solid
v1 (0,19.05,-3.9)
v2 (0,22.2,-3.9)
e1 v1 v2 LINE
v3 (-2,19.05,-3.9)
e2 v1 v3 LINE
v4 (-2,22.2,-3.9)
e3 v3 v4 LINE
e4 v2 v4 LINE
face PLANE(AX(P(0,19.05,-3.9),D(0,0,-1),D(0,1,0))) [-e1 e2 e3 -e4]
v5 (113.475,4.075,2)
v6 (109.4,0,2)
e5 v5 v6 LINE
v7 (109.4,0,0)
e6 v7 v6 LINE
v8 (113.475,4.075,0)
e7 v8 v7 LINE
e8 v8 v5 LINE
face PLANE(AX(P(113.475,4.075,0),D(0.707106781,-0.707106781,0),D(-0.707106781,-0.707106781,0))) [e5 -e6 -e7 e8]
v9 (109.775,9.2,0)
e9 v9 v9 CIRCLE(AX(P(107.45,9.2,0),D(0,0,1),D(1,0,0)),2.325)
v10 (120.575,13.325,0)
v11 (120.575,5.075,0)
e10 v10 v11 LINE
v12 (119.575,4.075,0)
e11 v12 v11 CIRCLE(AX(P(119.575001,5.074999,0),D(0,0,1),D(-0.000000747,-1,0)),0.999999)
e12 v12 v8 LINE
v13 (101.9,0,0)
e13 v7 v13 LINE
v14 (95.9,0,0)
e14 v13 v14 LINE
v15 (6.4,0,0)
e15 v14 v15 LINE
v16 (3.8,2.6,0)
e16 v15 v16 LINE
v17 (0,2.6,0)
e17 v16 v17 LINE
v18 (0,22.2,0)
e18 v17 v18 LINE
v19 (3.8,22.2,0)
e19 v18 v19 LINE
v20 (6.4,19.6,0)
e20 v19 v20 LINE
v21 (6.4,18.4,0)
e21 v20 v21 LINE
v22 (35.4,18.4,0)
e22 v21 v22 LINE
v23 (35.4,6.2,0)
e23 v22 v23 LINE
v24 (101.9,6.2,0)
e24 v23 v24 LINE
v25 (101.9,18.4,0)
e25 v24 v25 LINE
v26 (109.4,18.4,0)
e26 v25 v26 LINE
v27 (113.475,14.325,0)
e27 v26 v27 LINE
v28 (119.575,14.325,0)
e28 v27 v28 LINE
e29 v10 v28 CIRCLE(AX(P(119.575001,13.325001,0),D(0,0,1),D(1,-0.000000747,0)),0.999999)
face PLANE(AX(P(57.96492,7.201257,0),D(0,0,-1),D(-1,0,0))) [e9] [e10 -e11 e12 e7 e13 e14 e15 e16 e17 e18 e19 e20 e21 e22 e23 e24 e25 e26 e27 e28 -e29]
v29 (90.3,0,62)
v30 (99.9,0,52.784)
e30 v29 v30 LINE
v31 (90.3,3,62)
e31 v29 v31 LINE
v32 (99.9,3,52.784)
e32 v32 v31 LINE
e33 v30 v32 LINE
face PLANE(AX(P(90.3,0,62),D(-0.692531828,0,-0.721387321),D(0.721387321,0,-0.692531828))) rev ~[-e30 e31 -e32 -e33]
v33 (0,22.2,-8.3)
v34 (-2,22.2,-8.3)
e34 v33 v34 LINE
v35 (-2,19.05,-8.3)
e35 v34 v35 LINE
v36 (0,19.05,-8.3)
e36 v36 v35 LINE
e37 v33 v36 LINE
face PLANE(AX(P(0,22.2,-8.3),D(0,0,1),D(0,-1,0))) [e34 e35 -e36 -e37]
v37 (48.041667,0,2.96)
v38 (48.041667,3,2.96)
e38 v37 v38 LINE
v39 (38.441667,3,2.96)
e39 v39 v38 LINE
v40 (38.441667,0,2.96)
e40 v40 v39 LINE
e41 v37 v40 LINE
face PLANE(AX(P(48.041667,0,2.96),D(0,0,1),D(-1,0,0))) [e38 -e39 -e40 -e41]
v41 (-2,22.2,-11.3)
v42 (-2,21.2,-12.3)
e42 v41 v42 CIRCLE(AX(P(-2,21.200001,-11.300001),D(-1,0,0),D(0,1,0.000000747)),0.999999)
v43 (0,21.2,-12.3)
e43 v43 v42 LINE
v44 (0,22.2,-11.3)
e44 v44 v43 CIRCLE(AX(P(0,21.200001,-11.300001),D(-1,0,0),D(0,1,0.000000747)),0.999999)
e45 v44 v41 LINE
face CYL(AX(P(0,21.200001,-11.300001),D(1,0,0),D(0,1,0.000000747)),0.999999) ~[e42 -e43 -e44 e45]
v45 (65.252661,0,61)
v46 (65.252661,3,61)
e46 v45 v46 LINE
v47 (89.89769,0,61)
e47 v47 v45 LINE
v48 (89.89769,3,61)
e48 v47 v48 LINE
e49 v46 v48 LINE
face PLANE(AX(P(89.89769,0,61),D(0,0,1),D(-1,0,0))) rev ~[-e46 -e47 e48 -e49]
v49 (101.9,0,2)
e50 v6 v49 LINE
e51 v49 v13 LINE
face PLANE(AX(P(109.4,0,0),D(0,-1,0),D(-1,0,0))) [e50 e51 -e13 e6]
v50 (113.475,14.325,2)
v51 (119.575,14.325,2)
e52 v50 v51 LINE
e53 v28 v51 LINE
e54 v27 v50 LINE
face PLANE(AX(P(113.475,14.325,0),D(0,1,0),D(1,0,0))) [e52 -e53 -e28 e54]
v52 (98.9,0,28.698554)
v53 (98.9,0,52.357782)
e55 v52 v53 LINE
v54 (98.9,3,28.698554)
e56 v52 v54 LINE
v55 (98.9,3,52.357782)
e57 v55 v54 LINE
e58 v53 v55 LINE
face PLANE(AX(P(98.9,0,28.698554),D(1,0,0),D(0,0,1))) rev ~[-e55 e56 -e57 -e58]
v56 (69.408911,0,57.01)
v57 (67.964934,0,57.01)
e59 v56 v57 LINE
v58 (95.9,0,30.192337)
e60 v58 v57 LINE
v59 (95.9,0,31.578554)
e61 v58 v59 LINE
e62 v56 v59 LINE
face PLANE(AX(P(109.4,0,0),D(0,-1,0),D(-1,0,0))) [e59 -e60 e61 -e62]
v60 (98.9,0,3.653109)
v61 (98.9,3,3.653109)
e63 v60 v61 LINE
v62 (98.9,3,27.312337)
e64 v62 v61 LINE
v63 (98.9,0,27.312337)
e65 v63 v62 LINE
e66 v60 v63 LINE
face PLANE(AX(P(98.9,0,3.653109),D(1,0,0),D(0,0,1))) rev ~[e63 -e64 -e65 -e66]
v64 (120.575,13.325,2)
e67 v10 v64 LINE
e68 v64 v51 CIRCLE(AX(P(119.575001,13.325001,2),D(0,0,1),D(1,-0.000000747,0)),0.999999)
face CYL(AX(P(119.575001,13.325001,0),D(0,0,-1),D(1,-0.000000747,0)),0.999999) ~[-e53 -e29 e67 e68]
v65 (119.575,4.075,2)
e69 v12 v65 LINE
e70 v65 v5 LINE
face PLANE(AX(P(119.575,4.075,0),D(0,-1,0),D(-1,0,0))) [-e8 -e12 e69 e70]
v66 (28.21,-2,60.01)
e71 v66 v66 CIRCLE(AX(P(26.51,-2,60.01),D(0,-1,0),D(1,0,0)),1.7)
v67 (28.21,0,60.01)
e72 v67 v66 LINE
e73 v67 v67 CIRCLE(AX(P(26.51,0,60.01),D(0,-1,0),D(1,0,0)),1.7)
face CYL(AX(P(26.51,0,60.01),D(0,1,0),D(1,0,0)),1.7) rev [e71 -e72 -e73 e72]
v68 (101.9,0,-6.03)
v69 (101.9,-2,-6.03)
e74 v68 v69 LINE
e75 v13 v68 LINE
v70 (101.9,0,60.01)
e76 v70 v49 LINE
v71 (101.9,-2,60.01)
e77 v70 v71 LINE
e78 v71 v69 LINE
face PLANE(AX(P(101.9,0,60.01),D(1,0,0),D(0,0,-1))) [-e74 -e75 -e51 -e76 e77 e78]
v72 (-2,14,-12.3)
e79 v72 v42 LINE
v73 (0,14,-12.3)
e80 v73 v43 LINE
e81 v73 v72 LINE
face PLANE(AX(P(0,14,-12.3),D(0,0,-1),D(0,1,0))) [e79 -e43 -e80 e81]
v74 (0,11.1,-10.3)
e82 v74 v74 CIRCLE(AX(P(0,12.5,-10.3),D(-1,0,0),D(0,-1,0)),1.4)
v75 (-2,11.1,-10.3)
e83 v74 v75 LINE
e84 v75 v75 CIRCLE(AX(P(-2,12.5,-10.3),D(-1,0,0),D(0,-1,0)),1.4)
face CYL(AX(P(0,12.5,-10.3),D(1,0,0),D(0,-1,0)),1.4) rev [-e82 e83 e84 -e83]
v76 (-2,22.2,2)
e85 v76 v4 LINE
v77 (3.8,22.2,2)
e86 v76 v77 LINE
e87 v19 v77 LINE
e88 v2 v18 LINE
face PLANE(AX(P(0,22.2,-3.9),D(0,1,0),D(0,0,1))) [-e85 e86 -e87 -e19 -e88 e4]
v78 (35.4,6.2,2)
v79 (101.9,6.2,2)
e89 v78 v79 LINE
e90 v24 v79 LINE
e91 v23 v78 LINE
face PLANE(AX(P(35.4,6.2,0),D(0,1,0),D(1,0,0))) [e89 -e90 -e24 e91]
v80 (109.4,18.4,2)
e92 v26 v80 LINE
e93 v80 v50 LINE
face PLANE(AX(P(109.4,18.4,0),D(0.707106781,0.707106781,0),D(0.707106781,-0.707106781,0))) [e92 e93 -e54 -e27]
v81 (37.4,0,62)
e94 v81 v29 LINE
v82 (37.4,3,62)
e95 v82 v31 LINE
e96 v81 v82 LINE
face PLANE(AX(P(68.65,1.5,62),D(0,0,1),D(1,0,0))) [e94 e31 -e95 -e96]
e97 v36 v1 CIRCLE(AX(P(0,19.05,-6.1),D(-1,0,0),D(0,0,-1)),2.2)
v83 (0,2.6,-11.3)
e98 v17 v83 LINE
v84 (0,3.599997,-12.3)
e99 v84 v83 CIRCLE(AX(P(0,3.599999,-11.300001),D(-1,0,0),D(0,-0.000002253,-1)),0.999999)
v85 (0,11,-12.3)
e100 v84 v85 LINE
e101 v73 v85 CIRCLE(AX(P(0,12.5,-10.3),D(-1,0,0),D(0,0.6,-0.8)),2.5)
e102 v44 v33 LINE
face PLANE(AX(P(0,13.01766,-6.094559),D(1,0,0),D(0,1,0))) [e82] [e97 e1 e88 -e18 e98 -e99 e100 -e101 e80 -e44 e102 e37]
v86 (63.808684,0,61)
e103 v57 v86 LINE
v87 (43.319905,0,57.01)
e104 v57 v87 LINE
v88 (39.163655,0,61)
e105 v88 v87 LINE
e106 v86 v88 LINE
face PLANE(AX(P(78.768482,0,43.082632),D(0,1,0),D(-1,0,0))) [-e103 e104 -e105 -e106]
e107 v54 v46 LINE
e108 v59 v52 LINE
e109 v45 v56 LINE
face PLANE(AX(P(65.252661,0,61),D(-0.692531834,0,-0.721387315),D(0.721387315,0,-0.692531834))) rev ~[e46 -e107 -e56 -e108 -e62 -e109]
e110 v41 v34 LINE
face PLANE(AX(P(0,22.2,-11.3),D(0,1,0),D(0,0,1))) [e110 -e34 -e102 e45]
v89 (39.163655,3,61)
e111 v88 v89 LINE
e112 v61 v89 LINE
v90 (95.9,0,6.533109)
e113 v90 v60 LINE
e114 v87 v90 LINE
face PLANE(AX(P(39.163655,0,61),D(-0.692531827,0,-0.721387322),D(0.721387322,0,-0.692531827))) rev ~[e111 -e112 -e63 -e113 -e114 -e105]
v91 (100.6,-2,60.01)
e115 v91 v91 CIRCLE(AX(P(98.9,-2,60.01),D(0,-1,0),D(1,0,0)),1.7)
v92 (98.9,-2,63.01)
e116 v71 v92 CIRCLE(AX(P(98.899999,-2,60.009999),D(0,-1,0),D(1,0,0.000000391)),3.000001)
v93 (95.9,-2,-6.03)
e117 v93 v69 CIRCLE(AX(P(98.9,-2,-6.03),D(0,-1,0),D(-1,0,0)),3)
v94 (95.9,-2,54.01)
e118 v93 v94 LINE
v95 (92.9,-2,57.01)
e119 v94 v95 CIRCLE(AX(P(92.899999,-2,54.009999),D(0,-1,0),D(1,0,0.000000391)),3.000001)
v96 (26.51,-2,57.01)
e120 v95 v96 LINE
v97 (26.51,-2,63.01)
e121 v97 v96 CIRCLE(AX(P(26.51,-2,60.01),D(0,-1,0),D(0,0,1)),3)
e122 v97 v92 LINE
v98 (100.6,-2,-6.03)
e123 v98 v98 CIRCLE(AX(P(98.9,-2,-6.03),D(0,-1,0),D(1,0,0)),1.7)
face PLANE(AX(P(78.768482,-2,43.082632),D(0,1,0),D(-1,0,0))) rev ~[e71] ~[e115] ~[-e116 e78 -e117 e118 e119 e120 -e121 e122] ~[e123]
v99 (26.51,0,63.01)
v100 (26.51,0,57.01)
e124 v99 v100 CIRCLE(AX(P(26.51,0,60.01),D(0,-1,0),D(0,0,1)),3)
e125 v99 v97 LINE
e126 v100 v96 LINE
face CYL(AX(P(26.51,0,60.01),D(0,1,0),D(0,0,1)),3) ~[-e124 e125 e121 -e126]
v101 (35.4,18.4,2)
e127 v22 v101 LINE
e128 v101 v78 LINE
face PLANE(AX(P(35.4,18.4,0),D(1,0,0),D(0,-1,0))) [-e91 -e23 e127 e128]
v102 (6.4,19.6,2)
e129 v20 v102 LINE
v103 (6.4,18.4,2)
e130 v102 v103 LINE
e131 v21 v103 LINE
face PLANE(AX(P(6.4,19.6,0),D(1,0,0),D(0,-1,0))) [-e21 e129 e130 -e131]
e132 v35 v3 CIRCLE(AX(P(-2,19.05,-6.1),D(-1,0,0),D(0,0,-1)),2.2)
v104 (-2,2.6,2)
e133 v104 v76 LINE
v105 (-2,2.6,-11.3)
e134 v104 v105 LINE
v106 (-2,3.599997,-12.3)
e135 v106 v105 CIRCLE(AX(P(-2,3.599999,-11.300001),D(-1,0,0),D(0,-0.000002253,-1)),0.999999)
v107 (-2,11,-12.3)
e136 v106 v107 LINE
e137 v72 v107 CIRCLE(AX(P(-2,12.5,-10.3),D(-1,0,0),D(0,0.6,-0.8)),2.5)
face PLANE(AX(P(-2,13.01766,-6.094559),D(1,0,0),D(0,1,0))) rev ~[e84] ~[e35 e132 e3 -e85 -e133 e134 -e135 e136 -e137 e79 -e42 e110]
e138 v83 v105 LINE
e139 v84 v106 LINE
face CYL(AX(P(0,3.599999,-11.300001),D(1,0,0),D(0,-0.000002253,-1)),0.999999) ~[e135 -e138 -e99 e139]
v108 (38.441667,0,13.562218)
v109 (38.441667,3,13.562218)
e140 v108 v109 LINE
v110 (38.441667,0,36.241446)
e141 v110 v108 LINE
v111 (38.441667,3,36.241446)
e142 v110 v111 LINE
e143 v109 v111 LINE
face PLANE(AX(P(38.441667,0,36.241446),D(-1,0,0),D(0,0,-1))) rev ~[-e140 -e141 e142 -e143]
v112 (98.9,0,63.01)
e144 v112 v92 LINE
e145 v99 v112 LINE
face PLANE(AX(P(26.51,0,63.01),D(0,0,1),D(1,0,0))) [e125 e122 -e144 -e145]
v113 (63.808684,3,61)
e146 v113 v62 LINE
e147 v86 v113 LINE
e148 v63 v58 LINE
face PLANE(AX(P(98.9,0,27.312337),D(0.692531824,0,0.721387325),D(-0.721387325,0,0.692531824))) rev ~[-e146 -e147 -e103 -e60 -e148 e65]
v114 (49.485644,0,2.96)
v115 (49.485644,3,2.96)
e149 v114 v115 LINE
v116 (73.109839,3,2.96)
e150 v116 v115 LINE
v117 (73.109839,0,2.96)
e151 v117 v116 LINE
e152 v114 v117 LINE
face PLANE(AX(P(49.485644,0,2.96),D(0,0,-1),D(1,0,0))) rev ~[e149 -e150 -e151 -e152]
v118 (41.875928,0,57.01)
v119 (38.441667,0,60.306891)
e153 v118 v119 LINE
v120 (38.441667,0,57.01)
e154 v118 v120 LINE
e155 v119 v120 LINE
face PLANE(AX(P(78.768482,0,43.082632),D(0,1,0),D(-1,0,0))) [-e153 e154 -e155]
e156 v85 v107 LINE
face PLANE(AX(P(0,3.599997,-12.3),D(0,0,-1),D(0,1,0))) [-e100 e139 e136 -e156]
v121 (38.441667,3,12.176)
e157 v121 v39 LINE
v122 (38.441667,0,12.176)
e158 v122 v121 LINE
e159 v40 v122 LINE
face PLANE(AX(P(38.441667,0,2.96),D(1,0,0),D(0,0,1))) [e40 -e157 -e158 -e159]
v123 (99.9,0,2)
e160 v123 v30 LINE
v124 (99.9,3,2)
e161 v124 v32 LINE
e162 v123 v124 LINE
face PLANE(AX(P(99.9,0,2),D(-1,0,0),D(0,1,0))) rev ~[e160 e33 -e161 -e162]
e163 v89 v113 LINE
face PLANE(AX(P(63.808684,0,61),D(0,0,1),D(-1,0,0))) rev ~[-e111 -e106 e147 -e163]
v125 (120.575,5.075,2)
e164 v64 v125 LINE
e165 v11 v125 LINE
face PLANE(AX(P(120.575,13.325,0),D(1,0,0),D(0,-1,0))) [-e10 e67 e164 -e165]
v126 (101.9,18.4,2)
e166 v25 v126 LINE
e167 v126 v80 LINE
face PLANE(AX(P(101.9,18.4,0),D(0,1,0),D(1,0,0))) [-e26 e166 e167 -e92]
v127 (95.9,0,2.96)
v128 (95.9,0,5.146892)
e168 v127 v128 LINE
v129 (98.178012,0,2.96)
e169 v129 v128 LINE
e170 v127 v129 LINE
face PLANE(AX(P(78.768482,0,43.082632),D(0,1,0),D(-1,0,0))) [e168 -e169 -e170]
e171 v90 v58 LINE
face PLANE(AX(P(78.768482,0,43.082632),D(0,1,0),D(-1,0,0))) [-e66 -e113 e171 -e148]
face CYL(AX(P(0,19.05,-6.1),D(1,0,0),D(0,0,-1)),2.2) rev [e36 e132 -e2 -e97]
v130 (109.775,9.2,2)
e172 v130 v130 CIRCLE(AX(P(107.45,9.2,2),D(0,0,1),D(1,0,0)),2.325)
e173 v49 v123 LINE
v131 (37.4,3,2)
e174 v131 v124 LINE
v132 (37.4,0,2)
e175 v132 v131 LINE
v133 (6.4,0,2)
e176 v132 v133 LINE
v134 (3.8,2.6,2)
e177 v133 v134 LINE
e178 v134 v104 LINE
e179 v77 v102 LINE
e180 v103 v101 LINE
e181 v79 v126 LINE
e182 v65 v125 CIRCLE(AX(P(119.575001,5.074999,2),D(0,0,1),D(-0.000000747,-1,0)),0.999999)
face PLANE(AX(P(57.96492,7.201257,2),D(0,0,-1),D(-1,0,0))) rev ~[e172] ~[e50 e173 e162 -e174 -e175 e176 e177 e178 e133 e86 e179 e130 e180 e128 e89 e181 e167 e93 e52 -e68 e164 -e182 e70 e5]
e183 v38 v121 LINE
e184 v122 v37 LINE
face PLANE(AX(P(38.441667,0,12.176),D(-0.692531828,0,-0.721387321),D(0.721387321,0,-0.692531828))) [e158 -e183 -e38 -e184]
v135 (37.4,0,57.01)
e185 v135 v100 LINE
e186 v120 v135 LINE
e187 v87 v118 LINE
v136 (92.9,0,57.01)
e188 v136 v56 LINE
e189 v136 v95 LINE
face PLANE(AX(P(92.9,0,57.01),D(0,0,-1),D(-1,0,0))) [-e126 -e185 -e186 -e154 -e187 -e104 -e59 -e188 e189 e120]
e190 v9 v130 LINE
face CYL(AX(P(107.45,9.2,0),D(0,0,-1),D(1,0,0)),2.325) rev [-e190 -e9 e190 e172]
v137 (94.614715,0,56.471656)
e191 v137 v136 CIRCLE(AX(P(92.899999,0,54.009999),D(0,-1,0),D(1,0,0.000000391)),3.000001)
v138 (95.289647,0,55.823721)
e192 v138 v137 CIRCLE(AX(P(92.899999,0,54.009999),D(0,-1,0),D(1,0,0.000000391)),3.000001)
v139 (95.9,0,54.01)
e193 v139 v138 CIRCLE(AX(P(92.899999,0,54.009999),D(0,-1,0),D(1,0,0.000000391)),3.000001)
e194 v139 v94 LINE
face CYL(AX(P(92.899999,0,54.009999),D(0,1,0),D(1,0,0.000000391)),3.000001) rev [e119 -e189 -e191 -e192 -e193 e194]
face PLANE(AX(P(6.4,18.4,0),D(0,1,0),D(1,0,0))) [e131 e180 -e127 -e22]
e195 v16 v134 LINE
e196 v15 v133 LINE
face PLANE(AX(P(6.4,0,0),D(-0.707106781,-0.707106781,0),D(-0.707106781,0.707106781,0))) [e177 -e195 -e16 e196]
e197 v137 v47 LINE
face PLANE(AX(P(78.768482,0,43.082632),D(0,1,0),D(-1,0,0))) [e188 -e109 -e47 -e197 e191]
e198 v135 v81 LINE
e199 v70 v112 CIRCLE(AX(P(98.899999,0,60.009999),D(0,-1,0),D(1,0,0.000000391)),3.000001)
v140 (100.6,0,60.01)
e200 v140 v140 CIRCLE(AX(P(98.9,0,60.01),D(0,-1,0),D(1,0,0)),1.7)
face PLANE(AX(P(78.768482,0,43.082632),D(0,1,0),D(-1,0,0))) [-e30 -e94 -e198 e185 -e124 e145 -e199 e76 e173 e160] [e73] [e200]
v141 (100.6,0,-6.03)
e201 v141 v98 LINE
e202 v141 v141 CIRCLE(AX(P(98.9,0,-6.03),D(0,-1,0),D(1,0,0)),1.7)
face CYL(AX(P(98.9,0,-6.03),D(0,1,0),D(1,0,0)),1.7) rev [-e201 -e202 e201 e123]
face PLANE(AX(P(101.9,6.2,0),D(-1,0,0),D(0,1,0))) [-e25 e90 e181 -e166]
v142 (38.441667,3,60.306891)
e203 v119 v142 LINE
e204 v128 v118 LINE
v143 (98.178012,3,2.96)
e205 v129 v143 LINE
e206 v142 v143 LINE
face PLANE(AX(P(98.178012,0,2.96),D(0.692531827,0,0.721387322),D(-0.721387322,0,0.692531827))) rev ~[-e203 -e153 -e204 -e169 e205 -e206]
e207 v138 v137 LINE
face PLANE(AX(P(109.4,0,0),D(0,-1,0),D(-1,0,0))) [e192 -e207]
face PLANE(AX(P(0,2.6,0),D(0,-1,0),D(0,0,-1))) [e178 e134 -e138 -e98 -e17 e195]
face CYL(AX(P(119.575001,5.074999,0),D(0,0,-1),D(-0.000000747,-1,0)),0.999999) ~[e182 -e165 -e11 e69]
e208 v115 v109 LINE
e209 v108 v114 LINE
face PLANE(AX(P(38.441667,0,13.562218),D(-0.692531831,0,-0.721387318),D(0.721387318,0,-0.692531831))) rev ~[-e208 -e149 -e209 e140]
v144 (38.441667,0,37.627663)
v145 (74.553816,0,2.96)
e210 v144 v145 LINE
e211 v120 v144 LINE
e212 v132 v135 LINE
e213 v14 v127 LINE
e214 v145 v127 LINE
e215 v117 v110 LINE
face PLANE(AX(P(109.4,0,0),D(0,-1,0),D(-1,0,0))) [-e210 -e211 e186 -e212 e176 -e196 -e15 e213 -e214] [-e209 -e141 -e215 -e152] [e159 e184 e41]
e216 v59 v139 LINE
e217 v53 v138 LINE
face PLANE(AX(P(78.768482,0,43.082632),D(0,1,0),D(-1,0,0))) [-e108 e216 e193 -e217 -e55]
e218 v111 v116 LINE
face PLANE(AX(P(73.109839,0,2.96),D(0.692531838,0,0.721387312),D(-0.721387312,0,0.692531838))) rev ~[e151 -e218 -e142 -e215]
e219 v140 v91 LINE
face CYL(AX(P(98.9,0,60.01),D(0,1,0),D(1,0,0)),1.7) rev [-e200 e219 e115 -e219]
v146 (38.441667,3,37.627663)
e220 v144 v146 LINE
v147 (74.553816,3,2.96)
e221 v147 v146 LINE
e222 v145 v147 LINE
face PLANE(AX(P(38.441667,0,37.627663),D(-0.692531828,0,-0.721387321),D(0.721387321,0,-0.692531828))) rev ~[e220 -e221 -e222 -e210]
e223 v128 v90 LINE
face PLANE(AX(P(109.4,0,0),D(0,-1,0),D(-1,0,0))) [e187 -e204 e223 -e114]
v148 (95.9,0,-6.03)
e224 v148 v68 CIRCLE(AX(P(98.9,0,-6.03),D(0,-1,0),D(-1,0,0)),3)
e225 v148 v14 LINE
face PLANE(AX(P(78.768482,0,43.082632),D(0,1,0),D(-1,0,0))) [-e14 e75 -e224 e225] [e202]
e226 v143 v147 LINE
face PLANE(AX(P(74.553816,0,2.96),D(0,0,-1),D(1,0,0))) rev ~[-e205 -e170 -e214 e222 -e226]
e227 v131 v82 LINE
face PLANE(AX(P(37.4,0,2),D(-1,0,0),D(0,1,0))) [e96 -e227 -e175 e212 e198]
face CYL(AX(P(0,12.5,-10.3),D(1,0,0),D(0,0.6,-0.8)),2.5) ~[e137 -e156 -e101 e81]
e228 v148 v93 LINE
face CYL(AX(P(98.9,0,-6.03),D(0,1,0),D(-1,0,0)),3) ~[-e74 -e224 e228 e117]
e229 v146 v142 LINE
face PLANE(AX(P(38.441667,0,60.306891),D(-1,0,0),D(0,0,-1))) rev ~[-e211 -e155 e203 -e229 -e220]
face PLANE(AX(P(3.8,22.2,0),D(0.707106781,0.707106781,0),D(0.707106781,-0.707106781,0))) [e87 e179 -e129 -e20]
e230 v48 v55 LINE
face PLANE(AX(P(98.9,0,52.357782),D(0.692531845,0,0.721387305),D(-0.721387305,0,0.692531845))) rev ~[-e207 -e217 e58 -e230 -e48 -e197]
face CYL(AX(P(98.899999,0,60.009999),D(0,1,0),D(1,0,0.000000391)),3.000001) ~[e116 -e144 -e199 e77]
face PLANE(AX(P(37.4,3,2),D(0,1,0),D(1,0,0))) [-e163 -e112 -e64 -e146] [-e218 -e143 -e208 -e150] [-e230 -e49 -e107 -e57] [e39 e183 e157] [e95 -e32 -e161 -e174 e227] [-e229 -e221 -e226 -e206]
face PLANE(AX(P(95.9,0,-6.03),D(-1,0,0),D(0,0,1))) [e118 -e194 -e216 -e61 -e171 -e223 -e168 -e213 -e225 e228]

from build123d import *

# Parameters (mm, degrees)
SKETCH005_R  = 2.325
PAD002_DEPTH = 2
SKETCH006_R  = 1.4
PAD003_DEPTH = 2
SKETCH007_W  = 62.5
SKETCH007_H  = 3
PAD004_DEPTH = 60
POCKET_DEPTH = 22.201
SKETCH011_R  = 1.7
PAD006_DEPTH = 2


with BuildPart() as part:
    # Sketch005 → Pad002 (new body)
    with BuildSketch(Plane.XY):
        with BuildLine():
            Line((109.4, 18.4), (113.475, 14.325))
            Line((113.475, 14.325), (119.575, 14.325))
            ThreePointArc((120.575, 13.325), (120.282107, 14.032107), (119.575, 14.325))
            Line((120.575, 13.325), (120.575, 5.075))
            ThreePointArc((119.575, 4.075), (120.282107, 4.367893), (120.575, 5.075))
            Line((119.575, 4.075), (113.475, 4.075))
            Line((113.475, 4.075), (109.4, 0))
            Line((109.4, 0), (6.4, 0))
            Line((6.4, 0), (3.8, 2.6))
            Line((3.8, 2.6), (0, 2.6))
            Line((0, 2.6), (-2, 2.6))
            Line((-2, 2.6), (-2, 22.2))
            Line((-2, 22.2), (0, 22.2))
            Line((0, 22.2), (3.8, 22.2))
            Line((3.8, 22.2), (6.4, 19.6))
            Line((6.4, 19.6), (6.4, 18.4))
            Line((6.4, 18.4), (35.4, 18.4))
            Line((35.4, 18.4), (35.4, 6.2))
            Line((35.4, 6.2), (101.9, 6.2))
            Line((101.9, 6.2), (101.9, 18.4))
            Line((101.9, 18.4), (109.4, 18.4))
        make_face()
        with Locations((107.45, 9.2)):
            Circle(SKETCH005_R, mode=Mode.SUBTRACT)
    extrude(amount=PAD002_DEPTH)

    # Sketch006 → Pad003 (join)
    with BuildSketch(Plane(origin=(0, 0, 0), x_dir=(0, -1, 0), z_dir=(-1, 0, 0))):
        with BuildLine():
            Line((-2.6, 0), (-2.6, -11.3))
            ThreePointArc((-3.599997, -12.3), (-2.892892, -12.007106), (-2.6, -11.3))
            Line((-3.599997, -12.3), (-11, -12.3))
            ThreePointArc((-14, -12.3), (-12.5, -12.8), (-11, -12.3))
            Line((-14, -12.3), (-21.2, -12.3))
            ThreePointArc((-22.2, -11.3), (-21.907107, -12.007107), (-21.2, -12.3))
            Line((-22.2, -11.3), (-22.2, -8.3))
            Line((-22.2, -8.3), (-19.05, -8.3))
            ThreePointArc((-19.05, -8.3), (-16.85, -6.1), (-19.05, -3.9))
            Line((-19.05, -3.9), (-22.2, -3.9))
            Line((-22.2, -3.9), (-22.2, 0))
            Line((-2.6, 0), (-22.2, 0))
        make_face()
        with Locations((-12.5, -10.3)):
            Circle(SKETCH006_R, mode=Mode.SUBTRACT)
    extrude(amount=PAD003_DEPTH)

    # Sketch007 (on Face5 of Pad003) → Pad004 (join)
    with BuildSketch(Plane.XY.offset(2)):
        with Locations((68.65, 1.5)):
            Rectangle(SKETCH007_W, SKETCH007_H)
    extrude(amount=PAD004_DEPTH)

    # Sketch012 (on Face27 of Pad004) → Pocket (cut, through all)
    with BuildSketch(Plane.XZ):
        Polygon((90.3, 62), (99.9, 52.784), (99.9, 62), align=None)
        Polygon((98.9, 52.357782), (89.89769, 61), (65.252661, 61), (98.9, 28.698554), align=None)
        Polygon((39.163655, 61), (98.9, 3.653109), (98.9, 27.312337), (63.808684, 61), align=None)
        Polygon((98.178012, 2.96), (38.441667, 60.306891), (38.441667, 37.627663), (74.553816, 2.96), align=None)
        Polygon((73.109839, 2.96), (38.441667, 36.241446), (38.441667, 13.562218), (49.485644, 2.96), align=None)
        Polygon((38.441667, 12.176), (48.041667, 2.96), (38.441667, 2.96), align=None)
    extrude(amount=-POCKET_DEPTH, mode=Mode.SUBTRACT)

    # Sketch011 → Pad006 (join)
    with BuildSketch(Plane.XZ):
        with BuildLine():
            Line((95.9, -6.03), (95.9, 54.01))
            ThreePointArc((95.9, 54.01), (95.02132, 56.13132), (92.9, 57.01))
            Line((92.9, 57.01), (26.51, 57.01))
            ThreePointArc((26.51, 63.01), (23.51, 60.01), (26.51, 57.01))
            Line((26.51, 63.01), (98.9, 63.01))
            ThreePointArc((101.9, 60.01), (101.02132, 62.13132), (98.9, 63.01))
            Line((101.9, 60.01), (101.9, -6.03))
            ThreePointArc((95.9, -6.03), (98.9, -9.03), (101.9, -6.03))
        make_face()
        with Locations((98.9, -6.03)):
            Circle(SKETCH011_R, mode=Mode.SUBTRACT)
        with Locations((26.51, 60.01)):
            Circle(SKETCH011_R, mode=Mode.SUBTRACT)
        with Locations((98.9, 60.01)):
            Circle(SKETCH011_R, mode=Mode.SUBTRACT)
    extrude(amount=PAD006_DEPTH)


solid = part.part
